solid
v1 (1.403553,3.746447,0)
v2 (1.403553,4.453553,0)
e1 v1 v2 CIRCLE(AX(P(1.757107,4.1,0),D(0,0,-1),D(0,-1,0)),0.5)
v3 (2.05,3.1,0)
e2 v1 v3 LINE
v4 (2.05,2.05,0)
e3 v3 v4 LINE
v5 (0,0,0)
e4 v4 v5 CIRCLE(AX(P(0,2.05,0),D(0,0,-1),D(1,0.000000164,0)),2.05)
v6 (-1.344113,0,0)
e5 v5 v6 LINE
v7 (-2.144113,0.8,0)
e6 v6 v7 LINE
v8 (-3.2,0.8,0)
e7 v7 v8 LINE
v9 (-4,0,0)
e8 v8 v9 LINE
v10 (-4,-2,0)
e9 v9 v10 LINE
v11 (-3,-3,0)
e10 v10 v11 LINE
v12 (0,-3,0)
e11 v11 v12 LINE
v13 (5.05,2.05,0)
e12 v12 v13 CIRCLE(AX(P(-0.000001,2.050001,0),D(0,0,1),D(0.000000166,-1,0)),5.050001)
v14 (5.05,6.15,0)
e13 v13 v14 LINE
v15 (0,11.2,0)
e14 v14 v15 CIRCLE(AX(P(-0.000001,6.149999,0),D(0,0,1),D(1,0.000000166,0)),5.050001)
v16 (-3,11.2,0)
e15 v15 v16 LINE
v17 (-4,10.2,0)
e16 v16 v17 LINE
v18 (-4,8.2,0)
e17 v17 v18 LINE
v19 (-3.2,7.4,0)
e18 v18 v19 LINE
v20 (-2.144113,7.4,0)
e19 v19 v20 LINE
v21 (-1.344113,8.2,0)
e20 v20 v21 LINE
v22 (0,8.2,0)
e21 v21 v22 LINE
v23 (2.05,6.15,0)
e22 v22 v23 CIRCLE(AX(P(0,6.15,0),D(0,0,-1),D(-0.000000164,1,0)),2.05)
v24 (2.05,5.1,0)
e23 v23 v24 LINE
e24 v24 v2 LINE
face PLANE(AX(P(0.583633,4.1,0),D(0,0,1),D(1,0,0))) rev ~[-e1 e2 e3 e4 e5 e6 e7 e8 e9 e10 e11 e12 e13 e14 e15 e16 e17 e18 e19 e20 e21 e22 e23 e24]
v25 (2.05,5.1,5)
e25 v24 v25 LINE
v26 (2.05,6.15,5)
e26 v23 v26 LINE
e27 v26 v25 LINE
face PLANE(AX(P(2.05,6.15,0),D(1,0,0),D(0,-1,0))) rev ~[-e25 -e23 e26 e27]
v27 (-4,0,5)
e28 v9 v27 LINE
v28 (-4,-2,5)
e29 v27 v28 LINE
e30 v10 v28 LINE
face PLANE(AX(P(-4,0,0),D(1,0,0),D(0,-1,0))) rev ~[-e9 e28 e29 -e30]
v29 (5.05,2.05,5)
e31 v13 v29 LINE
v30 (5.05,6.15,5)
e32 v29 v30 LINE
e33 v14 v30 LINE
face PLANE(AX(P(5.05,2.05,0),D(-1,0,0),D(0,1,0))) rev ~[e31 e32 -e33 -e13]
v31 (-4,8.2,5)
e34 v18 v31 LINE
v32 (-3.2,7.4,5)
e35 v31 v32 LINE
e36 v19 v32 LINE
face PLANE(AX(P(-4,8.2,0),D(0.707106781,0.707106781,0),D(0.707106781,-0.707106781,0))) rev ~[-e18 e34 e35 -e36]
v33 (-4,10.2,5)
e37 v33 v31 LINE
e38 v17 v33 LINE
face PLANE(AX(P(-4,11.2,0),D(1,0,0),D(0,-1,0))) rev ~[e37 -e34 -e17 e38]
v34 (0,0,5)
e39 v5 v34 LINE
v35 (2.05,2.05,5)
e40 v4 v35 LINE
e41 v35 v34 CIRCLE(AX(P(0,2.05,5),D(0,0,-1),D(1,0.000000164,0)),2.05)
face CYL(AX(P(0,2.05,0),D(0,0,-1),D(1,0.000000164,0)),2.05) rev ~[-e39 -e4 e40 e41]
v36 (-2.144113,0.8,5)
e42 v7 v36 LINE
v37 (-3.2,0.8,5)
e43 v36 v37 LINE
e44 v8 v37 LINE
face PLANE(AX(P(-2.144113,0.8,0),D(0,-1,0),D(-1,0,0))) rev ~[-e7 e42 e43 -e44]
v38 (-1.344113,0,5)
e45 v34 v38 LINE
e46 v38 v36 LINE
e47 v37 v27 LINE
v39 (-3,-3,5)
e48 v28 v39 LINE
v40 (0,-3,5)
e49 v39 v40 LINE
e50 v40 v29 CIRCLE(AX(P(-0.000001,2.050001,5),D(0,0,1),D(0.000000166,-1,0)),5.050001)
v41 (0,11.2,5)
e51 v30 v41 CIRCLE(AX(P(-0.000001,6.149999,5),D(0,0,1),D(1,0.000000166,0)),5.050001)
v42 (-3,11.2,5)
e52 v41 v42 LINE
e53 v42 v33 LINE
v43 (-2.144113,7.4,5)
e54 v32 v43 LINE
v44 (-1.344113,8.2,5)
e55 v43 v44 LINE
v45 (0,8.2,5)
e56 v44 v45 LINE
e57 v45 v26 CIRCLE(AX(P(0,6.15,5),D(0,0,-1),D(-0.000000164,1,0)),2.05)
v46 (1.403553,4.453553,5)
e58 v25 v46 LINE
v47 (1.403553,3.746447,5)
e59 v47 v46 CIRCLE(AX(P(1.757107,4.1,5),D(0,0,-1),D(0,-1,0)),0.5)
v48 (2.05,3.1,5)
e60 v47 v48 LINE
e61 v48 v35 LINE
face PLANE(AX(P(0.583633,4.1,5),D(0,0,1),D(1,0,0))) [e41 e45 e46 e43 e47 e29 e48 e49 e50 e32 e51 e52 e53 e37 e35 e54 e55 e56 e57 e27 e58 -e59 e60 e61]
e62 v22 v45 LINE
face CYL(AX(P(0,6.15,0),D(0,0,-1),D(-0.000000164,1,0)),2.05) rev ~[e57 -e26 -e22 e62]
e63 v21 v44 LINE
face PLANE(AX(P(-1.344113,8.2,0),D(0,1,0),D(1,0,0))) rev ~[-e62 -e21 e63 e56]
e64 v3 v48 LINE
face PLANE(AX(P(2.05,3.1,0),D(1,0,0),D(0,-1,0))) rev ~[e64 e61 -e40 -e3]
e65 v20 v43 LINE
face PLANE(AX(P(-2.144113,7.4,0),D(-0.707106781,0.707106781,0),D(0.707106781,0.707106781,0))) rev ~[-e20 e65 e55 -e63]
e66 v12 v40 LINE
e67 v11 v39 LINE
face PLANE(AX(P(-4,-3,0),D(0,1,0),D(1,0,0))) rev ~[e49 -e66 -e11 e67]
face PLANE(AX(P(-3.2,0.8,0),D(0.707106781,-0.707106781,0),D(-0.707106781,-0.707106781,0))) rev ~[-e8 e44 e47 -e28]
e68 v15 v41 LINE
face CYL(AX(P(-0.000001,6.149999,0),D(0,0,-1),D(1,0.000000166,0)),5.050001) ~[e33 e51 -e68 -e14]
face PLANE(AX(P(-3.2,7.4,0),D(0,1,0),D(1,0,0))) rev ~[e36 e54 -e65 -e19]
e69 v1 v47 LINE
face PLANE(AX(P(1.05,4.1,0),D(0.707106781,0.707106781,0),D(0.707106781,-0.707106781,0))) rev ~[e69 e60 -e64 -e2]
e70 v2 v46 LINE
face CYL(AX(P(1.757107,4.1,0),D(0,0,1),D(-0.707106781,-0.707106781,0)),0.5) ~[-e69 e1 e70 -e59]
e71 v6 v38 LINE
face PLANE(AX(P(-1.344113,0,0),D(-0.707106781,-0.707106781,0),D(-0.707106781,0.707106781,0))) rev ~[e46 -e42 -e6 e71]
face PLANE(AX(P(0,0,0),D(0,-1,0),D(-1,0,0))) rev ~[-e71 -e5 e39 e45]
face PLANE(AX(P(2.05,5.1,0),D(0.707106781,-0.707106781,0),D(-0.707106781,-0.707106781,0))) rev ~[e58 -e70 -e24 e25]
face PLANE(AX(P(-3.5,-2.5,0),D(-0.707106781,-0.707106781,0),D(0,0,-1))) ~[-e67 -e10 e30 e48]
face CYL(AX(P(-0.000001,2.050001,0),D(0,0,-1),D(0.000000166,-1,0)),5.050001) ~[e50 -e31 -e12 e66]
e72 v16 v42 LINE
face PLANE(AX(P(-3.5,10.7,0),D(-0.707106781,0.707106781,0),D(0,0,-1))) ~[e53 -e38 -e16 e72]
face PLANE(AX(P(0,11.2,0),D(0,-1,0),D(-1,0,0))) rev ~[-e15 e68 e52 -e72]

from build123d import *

# Parameters (mm, degrees)
F1_DEPTH = 5
F2_SIZE  = 1
F3_R     = 0.5


with BuildPart() as f1:
    # F0 (on Top) → F1 (new body)
    with BuildSketch(Plane.XY):
        with BuildLine():
            ThreePointArc((0, 8.2), (1.449569, 7.599569), (2.05, 6.15))
            Line((2.05, 6.15), (2.05, 5.1))
            Line((2.05, 5.1), (2.05, 4.1))
            Line((2.05, 4.1), (2.05, 3.1))
            Line((2.05, 3.1), (2.05, 2.05))
            ThreePointArc((2.05, 2.05), (1.449569, 0.600431), (0, 0))
            Line((0, 0), (-1.344113, 0))
            Line((-1.344113, 0), (-4, 0))
            Line((-4, 0), (-4, -3))
            Line((-4, -3), (0, -3))
            ThreePointArc((0, -3), (3.570889, -1.520889), (5.05, 2.05))
            Line((5.05, 2.05), (5.05, 6.15))
            ThreePointArc((5.05, 6.15), (3.570889, 9.720889), (0, 11.2))
            Line((0, 11.2), (-4, 11.2))
            Line((-4, 11.2), (-4, 8.2))
            Line((-4, 8.2), (-1.344113, 8.2))
            Line((-1.344113, 8.2), (0, 8.2))
        make_face()
        Polygon((-2.144113, 7.4), (-1.344113, 8.2), (-4, 8.2), (-3.2, 7.4), align=None)
        Polygon((-3.2, 0.8), (-4, 0), (-1.344113, 0), (-2.144113, 0.8), align=None)
        Polygon((2.05, 4.1), (2.05, 5.1), (1.05, 4.1), align=None)
        Polygon((2.05, 3.1), (2.05, 4.1), (1.05, 4.1), align=None)
    extrude(amount=F1_DEPTH)

    # F2
    f2_edges = [f1.edges().sort_by_distance(p)[0] for p in [
        (-4, 11.2, 2.5),
        (-4, -3, 2.5),
    ]]
    chamfer(f2_edges, length=F2_SIZE)

    # F3
    f3_edges = [f1.edges().sort_by_distance(p)[0] for p in [
        (1.05, 4.1, 2.5),
    ]]
    fillet(f3_edges, radius=F3_R)


solid = f1.part
